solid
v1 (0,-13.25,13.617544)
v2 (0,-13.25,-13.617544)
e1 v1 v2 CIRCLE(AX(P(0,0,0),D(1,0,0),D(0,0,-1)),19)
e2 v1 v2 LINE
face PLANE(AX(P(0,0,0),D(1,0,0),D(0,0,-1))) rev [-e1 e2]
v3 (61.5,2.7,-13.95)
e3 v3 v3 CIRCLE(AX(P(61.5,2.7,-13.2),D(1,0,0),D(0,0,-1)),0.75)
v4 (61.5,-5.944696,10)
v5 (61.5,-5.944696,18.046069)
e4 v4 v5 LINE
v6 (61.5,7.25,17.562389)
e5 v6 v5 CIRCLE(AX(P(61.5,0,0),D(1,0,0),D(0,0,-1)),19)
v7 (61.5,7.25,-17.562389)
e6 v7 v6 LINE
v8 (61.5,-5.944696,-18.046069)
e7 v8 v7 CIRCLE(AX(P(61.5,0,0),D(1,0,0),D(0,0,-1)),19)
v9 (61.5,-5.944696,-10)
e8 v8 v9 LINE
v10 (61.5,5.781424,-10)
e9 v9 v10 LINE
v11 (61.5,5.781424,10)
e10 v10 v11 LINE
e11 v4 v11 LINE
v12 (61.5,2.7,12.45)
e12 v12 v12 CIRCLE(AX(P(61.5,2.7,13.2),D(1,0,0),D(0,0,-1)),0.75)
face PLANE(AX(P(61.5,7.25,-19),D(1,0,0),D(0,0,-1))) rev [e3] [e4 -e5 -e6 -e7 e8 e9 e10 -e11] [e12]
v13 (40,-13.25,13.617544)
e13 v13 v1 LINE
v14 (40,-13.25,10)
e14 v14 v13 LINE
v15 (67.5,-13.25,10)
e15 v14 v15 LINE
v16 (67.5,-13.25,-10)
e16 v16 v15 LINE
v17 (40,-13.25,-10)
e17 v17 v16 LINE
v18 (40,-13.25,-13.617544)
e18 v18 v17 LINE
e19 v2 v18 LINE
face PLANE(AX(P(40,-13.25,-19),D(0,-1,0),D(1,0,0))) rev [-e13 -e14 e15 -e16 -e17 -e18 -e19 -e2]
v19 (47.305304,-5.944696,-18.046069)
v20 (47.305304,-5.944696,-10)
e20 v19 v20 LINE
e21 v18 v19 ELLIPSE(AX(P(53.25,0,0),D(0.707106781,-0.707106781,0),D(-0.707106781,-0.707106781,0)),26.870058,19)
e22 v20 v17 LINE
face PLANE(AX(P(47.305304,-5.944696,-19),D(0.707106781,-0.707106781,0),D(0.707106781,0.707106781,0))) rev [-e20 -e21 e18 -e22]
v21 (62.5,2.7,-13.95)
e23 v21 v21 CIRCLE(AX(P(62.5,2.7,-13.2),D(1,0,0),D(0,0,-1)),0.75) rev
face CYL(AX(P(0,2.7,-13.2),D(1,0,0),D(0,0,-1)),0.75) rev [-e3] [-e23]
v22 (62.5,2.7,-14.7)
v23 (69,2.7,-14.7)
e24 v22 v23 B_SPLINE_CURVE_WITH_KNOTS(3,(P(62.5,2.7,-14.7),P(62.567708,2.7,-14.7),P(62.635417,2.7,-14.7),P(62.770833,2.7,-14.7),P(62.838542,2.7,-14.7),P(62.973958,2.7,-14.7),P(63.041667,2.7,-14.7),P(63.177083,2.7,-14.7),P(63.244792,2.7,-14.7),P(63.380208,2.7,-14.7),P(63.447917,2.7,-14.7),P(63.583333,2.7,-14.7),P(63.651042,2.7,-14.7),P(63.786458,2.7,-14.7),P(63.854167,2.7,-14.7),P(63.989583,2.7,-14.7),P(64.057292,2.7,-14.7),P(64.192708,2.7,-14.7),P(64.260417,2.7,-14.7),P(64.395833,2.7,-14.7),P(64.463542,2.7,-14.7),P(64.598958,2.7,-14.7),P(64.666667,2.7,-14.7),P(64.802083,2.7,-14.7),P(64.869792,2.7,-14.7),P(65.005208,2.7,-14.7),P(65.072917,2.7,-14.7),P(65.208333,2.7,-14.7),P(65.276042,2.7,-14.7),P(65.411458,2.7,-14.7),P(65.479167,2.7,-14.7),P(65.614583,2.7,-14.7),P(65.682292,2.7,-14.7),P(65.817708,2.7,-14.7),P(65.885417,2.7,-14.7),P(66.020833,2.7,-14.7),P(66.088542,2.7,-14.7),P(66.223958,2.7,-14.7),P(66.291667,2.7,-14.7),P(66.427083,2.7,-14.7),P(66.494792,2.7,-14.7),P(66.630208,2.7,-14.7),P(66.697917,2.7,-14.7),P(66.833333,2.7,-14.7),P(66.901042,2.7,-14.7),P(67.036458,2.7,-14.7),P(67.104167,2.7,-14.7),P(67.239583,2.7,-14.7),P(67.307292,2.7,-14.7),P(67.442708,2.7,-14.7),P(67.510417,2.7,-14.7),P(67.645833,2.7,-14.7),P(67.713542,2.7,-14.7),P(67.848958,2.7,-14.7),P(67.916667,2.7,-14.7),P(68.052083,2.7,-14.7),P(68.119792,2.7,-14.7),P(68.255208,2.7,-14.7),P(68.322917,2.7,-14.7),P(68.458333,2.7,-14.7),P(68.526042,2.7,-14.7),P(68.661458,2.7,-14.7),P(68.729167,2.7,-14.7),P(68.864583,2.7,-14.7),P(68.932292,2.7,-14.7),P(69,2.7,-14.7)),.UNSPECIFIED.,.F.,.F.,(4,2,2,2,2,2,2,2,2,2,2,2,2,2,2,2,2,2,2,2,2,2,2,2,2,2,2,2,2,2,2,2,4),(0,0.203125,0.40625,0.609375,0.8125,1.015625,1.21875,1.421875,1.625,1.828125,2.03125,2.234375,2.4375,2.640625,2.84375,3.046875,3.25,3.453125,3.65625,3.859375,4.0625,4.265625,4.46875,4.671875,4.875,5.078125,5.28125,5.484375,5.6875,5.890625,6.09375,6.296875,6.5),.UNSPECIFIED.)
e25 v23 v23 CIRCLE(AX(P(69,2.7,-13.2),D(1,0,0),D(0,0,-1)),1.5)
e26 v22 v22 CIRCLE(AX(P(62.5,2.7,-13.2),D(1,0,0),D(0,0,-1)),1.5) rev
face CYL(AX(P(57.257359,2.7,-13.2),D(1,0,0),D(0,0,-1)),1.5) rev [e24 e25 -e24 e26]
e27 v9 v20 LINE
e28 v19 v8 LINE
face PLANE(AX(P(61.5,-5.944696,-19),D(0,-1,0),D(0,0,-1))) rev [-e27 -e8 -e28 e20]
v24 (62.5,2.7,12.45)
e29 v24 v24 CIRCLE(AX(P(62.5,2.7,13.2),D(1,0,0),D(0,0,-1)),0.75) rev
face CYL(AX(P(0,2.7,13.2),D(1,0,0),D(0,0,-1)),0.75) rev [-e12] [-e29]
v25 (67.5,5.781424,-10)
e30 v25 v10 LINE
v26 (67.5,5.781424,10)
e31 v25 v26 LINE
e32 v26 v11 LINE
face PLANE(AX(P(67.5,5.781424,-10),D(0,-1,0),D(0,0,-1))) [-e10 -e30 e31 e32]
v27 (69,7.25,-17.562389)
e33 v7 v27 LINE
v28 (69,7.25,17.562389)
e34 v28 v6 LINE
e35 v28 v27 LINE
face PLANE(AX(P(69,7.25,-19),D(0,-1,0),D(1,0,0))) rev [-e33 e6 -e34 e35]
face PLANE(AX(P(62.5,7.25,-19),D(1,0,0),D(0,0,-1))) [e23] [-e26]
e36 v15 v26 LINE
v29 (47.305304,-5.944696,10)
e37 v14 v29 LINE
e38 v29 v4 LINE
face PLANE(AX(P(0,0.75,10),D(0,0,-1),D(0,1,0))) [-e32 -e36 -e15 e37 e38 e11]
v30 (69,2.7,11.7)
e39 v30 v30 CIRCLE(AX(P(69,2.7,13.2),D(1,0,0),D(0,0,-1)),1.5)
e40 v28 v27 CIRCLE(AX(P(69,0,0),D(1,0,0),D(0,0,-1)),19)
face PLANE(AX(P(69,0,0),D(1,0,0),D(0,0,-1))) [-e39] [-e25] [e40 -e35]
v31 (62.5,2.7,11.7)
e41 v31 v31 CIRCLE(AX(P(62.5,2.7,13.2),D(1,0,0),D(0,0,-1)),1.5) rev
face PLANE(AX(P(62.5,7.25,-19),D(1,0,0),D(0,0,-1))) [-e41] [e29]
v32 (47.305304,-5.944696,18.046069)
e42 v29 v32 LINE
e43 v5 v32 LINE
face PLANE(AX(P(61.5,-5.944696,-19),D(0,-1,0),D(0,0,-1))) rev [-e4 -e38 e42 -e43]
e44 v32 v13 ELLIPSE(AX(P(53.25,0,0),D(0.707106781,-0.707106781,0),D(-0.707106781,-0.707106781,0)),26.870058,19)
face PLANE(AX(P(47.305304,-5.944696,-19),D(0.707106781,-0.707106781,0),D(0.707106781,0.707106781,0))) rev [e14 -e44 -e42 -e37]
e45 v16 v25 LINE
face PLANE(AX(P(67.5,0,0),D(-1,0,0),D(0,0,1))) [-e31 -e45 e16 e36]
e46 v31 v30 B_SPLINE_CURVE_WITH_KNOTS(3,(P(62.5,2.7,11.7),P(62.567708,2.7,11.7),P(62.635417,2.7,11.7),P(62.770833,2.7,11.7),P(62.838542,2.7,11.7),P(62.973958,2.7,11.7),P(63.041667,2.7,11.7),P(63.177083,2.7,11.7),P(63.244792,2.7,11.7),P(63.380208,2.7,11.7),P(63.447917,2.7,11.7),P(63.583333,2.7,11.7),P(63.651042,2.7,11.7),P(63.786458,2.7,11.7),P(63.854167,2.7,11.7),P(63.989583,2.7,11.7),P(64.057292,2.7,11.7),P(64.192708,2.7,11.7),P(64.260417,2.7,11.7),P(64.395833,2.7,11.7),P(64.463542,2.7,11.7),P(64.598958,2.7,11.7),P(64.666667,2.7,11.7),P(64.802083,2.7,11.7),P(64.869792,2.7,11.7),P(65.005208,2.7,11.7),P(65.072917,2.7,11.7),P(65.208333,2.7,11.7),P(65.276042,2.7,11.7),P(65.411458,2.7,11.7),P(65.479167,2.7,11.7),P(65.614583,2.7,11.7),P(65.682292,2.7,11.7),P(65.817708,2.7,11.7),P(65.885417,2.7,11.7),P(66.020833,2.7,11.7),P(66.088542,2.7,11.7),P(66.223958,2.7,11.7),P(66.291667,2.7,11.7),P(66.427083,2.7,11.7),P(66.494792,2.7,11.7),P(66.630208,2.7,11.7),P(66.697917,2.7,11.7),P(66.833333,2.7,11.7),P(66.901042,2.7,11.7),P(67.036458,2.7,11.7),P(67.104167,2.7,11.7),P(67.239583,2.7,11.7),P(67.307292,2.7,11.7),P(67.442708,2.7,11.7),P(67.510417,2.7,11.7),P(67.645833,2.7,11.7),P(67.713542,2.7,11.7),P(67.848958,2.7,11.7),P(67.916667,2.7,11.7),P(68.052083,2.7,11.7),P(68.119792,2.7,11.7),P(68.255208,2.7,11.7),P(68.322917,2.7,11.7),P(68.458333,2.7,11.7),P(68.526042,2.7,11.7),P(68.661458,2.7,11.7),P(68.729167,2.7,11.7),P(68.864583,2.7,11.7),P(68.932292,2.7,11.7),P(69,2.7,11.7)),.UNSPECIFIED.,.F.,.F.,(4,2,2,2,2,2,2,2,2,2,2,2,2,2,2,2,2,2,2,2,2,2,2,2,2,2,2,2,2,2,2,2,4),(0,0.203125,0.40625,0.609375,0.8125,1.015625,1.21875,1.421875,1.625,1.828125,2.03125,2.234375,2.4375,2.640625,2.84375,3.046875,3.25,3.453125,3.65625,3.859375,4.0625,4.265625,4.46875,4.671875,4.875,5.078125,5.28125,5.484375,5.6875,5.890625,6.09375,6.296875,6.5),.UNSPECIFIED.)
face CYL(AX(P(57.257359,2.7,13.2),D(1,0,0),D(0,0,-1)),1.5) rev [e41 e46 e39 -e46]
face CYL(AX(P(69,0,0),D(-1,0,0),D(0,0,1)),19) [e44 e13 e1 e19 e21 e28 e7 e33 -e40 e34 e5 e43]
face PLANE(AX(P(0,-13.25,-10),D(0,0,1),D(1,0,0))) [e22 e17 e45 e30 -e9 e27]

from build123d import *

# Parameters (mm, degrees)
SKETCH_1_R               = 19
EXTRUDE_1_DEPTH          = 69
CUT_EXTRUDE_1_DEPTH      = 75.047282192
CUT_EXTRUDE_1_DEPTH_BACK = 75.047282192
SKETCH_4_W               = 20
SKETCH_4_H               = 14
CUT_EXTRUDE_2_DEPTH      = 68.113709479
SKETCH_5_W               = 20
SKETCH_5_H               = 19.031424338
CUT_EXTRUDE_3_DEPTH      = 6
SKETCH_6_R               = 0.75
CUT_EXTRUDE_4_DEPTH      = 75.047282192
SKETCH_7_R               = 1.5
CUT_EXTRUDE_5_DEPTH      = 6.5


with BuildPart() as part:
    # 草图1 → 凸台-拉伸1 (new body)
    with BuildSketch(Plane(origin=(0, 0, 0), x_dir=(0, 0, -1), z_dir=(1, 0, 0))):
        Circle(SKETCH_1_R)
    extrude(amount=EXTRUDE_1_DEPTH)

    # 草图3 → 切除-拉伸1 (cut, two sides: drawn at the far end of the back side and taken through both)
    with BuildSketch(Plane.XY.offset(-CUT_EXTRUDE_1_DEPTH_BACK)):
        Polygon((69, 7.25), (61.5, 7.25), (61.5, -5.944695841), (47.305304159, -5.944695841), (40, -13.25), (0, -13.25), (0, 41.360608317), (69, 41.360608317), align=None)
    extrude(amount=CUT_EXTRUDE_1_DEPTH + CUT_EXTRUDE_1_DEPTH_BACK, mode=Mode.SUBTRACT)

    # 草图4 → 切除-拉伸2 (cut, through all)
    with BuildSketch(Plane.ZY.offset(-61.5)):
        with Locations((0, -6.25)):
            Rectangle(SKETCH_4_W, SKETCH_4_H)
    extrude(amount=CUT_EXTRUDE_2_DEPTH, mode=Mode.SUBTRACT)

    # 草图5 → 切除-拉伸3 (cut)
    with BuildSketch(Plane.ZY.offset(-61.5)):
        with Locations((0, -3.734287831)):
            Rectangle(SKETCH_5_W, SKETCH_5_H)
    extrude(amount=-CUT_EXTRUDE_3_DEPTH, mode=Mode.SUBTRACT)

    # 草图6 → 切除-拉伸4 (cut, through all)
    with BuildSketch(Plane(origin=(69, 0, 0), x_dir=(0, 0, -1), z_dir=(1, 0, 0))):
        with Locations((-13.2, 2.7)):
            Circle(SKETCH_6_R)
        with Locations((13.2, 2.7)):
            Circle(SKETCH_6_R)
    extrude(amount=-CUT_EXTRUDE_4_DEPTH, mode=Mode.SUBTRACT)

    # 草图7 → 切除-拉伸5 (cut)
    with BuildSketch(Plane(origin=(69, 0, 0), x_dir=(0, 0, -1), z_dir=(1, 0, 0))):
        with Locations((-13.2, 2.7)):
            Circle(SKETCH_7_R)
        with Locations((13.2, 2.7)):
            Circle(SKETCH_7_R)
    extrude(amount=-CUT_EXTRUDE_5_DEPTH, mode=Mode.SUBTRACT)


solid = part.part
